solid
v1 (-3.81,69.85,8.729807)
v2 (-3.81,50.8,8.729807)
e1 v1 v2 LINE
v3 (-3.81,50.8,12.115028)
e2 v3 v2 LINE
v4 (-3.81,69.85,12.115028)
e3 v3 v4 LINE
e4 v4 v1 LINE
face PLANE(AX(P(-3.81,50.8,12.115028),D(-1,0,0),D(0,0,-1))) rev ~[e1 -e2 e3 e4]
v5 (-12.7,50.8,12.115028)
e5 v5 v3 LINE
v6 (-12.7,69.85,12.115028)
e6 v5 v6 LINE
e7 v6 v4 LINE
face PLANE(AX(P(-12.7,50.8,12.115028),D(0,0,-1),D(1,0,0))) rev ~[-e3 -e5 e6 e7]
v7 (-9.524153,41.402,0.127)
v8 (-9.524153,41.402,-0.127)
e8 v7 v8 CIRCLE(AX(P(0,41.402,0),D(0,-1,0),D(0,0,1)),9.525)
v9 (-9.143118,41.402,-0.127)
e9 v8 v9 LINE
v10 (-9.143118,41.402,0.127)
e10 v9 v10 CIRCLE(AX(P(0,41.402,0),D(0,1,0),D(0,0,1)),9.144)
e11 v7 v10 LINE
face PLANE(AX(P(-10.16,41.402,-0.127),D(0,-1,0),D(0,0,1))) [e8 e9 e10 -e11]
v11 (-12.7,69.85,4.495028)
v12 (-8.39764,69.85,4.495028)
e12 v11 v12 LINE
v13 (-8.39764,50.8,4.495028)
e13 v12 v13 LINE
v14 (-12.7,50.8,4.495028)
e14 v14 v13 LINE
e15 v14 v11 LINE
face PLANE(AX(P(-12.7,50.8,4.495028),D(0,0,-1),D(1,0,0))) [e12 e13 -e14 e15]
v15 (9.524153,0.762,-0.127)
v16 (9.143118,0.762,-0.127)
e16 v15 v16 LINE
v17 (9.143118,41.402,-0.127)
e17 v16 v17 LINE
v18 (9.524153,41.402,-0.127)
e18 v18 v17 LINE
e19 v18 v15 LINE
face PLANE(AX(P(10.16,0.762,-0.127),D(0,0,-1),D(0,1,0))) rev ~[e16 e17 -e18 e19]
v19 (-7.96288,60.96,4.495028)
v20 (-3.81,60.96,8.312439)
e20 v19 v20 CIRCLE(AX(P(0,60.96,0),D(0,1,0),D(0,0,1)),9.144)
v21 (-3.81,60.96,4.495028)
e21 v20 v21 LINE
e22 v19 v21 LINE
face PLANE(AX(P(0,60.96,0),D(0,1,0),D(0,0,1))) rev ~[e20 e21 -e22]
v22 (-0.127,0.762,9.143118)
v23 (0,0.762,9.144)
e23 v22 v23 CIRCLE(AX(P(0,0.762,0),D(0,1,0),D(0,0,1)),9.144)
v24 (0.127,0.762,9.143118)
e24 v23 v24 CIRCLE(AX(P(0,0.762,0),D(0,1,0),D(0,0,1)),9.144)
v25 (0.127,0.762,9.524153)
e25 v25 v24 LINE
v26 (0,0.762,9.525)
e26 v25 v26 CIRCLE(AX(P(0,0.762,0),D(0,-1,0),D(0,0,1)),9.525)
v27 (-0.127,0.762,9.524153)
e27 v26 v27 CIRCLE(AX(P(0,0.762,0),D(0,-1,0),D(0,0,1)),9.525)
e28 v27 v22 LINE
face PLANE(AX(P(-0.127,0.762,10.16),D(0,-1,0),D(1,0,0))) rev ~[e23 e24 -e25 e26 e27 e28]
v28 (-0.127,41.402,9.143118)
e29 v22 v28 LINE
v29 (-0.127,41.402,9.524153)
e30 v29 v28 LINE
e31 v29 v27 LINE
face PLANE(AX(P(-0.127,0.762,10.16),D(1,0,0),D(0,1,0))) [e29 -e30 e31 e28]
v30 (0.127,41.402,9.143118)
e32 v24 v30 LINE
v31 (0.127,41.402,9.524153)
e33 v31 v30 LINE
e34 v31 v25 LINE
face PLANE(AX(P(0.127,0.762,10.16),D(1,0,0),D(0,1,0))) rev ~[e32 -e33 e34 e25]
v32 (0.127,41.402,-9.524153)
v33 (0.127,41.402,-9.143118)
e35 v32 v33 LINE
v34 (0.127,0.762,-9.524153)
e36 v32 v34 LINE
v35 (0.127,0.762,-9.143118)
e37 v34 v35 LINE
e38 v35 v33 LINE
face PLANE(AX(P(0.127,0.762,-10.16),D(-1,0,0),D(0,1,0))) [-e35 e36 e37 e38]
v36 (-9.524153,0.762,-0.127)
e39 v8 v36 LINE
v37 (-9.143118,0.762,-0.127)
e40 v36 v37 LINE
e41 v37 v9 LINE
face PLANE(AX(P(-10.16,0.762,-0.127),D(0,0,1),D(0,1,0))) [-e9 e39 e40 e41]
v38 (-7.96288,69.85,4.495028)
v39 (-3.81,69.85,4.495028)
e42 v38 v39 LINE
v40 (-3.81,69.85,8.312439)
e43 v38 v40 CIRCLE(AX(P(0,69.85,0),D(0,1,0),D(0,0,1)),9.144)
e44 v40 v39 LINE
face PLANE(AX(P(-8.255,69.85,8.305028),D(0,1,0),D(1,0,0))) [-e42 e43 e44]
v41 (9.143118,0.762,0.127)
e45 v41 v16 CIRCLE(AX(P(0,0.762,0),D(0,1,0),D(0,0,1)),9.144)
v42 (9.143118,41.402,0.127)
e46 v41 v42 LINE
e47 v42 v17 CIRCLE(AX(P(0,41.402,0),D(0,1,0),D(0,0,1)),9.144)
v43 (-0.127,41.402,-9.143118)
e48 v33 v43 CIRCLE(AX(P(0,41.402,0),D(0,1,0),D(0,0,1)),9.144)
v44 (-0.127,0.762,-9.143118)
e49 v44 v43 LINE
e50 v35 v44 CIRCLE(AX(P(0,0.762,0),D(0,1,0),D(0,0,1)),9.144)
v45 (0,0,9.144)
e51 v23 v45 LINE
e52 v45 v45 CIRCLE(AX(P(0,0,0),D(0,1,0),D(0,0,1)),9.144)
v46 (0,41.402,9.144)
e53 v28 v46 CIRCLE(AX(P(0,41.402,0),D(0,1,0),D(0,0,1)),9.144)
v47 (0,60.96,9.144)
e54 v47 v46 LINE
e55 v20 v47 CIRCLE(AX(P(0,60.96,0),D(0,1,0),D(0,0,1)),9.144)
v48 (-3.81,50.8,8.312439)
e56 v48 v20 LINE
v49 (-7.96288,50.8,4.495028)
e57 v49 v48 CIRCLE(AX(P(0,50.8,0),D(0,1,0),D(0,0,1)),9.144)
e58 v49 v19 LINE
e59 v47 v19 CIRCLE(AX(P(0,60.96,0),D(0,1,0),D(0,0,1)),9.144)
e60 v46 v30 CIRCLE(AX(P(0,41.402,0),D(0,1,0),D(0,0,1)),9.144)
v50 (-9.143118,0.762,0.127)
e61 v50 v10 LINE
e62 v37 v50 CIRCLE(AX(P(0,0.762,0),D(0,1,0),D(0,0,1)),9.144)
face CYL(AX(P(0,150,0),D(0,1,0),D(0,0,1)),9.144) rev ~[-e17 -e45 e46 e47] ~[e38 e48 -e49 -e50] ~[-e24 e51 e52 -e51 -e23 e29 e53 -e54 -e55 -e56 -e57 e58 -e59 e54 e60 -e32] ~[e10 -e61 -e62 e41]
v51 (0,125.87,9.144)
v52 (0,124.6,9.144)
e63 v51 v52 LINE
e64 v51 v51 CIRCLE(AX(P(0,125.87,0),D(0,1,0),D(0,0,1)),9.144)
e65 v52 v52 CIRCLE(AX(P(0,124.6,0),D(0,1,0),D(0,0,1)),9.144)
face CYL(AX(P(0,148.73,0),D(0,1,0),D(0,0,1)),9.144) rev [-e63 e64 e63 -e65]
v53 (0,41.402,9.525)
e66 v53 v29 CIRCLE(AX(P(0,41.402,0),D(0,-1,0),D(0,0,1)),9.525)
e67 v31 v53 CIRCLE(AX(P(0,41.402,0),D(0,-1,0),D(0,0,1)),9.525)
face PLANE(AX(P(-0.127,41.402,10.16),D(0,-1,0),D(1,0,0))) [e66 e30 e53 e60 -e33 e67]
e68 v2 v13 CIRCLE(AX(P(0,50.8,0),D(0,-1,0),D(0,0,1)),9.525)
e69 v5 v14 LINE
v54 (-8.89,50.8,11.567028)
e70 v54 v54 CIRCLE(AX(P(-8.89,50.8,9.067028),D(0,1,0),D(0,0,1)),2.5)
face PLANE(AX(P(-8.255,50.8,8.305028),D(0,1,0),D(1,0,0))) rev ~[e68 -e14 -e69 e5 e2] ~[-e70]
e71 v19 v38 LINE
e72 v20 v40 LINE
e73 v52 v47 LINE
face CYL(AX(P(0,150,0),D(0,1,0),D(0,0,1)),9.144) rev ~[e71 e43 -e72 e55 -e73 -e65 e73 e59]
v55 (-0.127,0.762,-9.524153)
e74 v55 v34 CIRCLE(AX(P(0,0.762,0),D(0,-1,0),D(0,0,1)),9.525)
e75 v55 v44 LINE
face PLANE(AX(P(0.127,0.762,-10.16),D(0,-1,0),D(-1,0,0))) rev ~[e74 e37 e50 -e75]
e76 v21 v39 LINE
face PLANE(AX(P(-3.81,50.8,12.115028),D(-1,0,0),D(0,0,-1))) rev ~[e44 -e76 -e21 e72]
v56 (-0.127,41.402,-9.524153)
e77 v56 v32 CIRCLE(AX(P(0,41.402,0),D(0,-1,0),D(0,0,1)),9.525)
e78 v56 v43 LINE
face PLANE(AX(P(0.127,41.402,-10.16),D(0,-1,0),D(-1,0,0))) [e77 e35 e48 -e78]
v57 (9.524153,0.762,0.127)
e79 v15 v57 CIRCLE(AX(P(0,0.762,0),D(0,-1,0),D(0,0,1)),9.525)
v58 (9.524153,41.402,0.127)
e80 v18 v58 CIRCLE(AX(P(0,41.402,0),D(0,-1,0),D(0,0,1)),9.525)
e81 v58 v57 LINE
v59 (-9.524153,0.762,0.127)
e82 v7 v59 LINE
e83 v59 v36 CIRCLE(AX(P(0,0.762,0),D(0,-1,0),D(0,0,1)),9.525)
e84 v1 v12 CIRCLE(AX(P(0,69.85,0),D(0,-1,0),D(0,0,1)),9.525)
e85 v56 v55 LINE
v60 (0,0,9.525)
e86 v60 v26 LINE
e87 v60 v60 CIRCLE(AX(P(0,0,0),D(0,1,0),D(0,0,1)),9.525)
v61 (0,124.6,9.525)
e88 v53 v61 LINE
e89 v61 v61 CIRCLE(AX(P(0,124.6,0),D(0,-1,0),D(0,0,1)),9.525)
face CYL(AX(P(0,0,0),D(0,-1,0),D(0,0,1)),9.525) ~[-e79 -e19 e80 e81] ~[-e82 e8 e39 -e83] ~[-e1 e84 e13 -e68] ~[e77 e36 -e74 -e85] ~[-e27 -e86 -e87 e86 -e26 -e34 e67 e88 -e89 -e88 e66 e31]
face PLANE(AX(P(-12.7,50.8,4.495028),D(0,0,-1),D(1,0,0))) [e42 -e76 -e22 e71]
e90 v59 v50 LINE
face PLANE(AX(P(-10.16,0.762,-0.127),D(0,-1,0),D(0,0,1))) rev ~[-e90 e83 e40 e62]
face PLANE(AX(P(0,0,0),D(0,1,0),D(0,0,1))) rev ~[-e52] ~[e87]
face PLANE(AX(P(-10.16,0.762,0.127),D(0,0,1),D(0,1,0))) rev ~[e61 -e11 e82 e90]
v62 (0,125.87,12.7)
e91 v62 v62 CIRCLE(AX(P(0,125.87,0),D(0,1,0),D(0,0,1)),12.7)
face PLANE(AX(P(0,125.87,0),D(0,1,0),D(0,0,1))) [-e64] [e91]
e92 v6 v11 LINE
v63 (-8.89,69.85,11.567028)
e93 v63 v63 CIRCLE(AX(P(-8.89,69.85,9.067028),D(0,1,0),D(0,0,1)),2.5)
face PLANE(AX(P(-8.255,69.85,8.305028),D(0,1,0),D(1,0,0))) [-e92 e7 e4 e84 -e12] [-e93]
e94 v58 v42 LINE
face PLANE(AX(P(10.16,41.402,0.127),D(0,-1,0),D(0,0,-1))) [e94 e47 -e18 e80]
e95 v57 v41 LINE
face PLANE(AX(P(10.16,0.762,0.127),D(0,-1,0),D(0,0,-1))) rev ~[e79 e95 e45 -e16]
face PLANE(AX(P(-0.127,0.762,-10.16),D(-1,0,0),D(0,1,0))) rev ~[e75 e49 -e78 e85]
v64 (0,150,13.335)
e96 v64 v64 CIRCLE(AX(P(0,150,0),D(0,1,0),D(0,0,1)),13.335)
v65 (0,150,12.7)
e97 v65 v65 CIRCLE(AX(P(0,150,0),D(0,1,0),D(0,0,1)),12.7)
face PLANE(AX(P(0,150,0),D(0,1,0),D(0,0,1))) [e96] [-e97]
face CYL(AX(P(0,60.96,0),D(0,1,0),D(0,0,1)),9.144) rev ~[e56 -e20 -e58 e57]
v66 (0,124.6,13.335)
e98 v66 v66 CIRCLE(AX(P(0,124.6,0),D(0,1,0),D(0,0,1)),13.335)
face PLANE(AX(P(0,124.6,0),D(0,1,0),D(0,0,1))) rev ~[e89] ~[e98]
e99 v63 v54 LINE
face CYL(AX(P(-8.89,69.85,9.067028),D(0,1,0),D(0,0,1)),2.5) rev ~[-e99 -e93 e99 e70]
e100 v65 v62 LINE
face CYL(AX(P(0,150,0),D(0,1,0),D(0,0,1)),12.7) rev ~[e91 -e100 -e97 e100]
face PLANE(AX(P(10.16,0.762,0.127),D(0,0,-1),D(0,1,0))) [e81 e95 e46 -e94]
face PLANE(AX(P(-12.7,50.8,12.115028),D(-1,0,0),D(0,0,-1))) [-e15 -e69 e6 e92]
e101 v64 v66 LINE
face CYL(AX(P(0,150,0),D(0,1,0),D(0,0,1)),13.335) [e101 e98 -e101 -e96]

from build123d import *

# Parameters (mm, degrees)
SKETCH1_R           = 9.525
BOSS_EXTRUDE1_DEPTH = 150
SKETCH2_R           = 9.144
CUT_EXTRUDE1_DEPTH  = 177.8
CUT_EXTRUDE3_START  = 10.16
SKETCH3_W           = 0.254
SKETCH3_H           = 40.64
CUT_EXTRUDE3_DEPTH  = 1.27
CIRPATTERN1_COUNT   = 4
SKETCH9_R           = 13.335
BOSS_EXTRUDE2_DEPTH = 25.4
SKETCH10_R          = 12.7
CUT_EXTRUDE5_DEPTH  = 24.13
CUT_EXTRUDE6_START  = -24.13
SKETCH11_R          = 9.144
CUT_EXTRUDE6_DEPTH  = 24.13
BOSS_EXTRUDE3_START = 50.8
SKETCH12_W          = 8.89
SKETCH12_H          = 7.62
BOSS_EXTRUDE3_DEPTH = 19.05
SKETCH13_R          = 2.5
CUT_EXTRUDE7_DEPTH  = 19.05
CUT_EXTRUDE8_START  = 60.96
SKETCH14_R          = 9.144
CUT_EXTRUDE8_DEPTH  = 60.96


with BuildPart() as part:
    # Sketch1 → Boss-Extrude1 (new body)
    with BuildSketch(Plane(origin=(0, 0, 0), x_dir=(1, 0, 0), z_dir=(0, 1, 0))):
        with Locations(Location((0, 0, 0), (0, 0, 270))):
            Circle(SKETCH1_R)
    extrude(amount=BOSS_EXTRUDE1_DEPTH)

    # Sketch2 → Cut-Extrude1 (cut)
    with BuildSketch(Plane(origin=(0, 150, 0), x_dir=(1, 0, 0), z_dir=(0, 1, 0))):
        with Locations(Location((0, 0, 0), (0, 0, 270))):
            Circle(SKETCH2_R)
    extrude(amount=-CUT_EXTRUDE1_DEPTH, mode=Mode.SUBTRACT)

    # Sketch3 → Cut-Extrude3 (cut)
    with BuildSketch(Plane(origin=(0, 0, 0), x_dir=(0, 0, -1), z_dir=(1, 0, 0)).offset(CUT_EXTRUDE3_START)):
        with Locations((0, 21.082)):
            Rectangle(SKETCH3_W, SKETCH3_H)
    cut_extrude3 = extrude(amount=-CUT_EXTRUDE3_DEPTH, mode=Mode.SUBTRACT)

    # CirPattern1: Cut-Extrude3 ×4 about axis
    cirpattern1_axis = Axis((0, 0, 0), (0, 1, 0))
    for i in range(1, CIRPATTERN1_COUNT):
        add(cut_extrude3.rotate(cirpattern1_axis, i * 360 / CIRPATTERN1_COUNT), mode=Mode.SUBTRACT)

    # Sketch9 → Boss-Extrude2 (add)
    with BuildSketch(Plane(origin=(0, 150, 0), x_dir=(1, 0, 0), z_dir=(0, 1, 0))):
        with Locations(Location((0, 0, 0), (0, 0, 270))):
            Circle(SKETCH9_R)
    extrude(amount=-BOSS_EXTRUDE2_DEPTH)

    # Sketch10 → Cut-Extrude5 (cut)
    with BuildSketch(Plane(origin=(0, 150, 0), x_dir=(1, 0, 0), z_dir=(0, 1, 0))):
        with Locations(Location((0, 0, 0), (0, 0, 270))):
            Circle(SKETCH10_R)
    extrude(amount=-CUT_EXTRUDE5_DEPTH, mode=Mode.SUBTRACT)

    # Sketch11 → Cut-Extrude6 (cut)
    with BuildSketch(Plane.XZ.offset(-124.6).offset(CUT_EXTRUDE6_START)):
        with Locations(Location((0, 0, 0), (0, 0, 90))):
            Circle(SKETCH11_R)
    extrude(amount=CUT_EXTRUDE6_DEPTH, mode=Mode.SUBTRACT)

    # Sketch12 → Boss-Extrude3 (add)
    with BuildSketch(Plane(origin=(0, 0, 0), x_dir=(1, 0, 0), z_dir=(0, 1, 0)).offset(BOSS_EXTRUDE3_START)):
        with Locations((-8.255, -8.305027858)):
            Rectangle(SKETCH12_W, SKETCH12_H)
    extrude(amount=BOSS_EXTRUDE3_DEPTH)

    # Sketch13 → Cut-Extrude7 (cut)
    with BuildSketch(Plane(origin=(0, 69.85, 0), x_dir=(1, 0, 0), z_dir=(0, 1, 0))):
        with Locations(Location((-8.89, -9.067027858, 0), (0, 0, 270))):
            Circle(SKETCH13_R)
    extrude(amount=-CUT_EXTRUDE7_DEPTH, mode=Mode.SUBTRACT)

    # Sketch14 → Cut-Extrude8 (cut)
    with BuildSketch(Plane(origin=(0, 0, 0), x_dir=(1, 0, 0), z_dir=(0, 1, 0)).offset(CUT_EXTRUDE8_START)):
        with Locations(Location((0, 0, 0), (0, 0, 270))):
            Circle(SKETCH14_R)
    extrude(amount=-CUT_EXTRUDE8_DEPTH, mode=Mode.SUBTRACT)


solid = part.part
